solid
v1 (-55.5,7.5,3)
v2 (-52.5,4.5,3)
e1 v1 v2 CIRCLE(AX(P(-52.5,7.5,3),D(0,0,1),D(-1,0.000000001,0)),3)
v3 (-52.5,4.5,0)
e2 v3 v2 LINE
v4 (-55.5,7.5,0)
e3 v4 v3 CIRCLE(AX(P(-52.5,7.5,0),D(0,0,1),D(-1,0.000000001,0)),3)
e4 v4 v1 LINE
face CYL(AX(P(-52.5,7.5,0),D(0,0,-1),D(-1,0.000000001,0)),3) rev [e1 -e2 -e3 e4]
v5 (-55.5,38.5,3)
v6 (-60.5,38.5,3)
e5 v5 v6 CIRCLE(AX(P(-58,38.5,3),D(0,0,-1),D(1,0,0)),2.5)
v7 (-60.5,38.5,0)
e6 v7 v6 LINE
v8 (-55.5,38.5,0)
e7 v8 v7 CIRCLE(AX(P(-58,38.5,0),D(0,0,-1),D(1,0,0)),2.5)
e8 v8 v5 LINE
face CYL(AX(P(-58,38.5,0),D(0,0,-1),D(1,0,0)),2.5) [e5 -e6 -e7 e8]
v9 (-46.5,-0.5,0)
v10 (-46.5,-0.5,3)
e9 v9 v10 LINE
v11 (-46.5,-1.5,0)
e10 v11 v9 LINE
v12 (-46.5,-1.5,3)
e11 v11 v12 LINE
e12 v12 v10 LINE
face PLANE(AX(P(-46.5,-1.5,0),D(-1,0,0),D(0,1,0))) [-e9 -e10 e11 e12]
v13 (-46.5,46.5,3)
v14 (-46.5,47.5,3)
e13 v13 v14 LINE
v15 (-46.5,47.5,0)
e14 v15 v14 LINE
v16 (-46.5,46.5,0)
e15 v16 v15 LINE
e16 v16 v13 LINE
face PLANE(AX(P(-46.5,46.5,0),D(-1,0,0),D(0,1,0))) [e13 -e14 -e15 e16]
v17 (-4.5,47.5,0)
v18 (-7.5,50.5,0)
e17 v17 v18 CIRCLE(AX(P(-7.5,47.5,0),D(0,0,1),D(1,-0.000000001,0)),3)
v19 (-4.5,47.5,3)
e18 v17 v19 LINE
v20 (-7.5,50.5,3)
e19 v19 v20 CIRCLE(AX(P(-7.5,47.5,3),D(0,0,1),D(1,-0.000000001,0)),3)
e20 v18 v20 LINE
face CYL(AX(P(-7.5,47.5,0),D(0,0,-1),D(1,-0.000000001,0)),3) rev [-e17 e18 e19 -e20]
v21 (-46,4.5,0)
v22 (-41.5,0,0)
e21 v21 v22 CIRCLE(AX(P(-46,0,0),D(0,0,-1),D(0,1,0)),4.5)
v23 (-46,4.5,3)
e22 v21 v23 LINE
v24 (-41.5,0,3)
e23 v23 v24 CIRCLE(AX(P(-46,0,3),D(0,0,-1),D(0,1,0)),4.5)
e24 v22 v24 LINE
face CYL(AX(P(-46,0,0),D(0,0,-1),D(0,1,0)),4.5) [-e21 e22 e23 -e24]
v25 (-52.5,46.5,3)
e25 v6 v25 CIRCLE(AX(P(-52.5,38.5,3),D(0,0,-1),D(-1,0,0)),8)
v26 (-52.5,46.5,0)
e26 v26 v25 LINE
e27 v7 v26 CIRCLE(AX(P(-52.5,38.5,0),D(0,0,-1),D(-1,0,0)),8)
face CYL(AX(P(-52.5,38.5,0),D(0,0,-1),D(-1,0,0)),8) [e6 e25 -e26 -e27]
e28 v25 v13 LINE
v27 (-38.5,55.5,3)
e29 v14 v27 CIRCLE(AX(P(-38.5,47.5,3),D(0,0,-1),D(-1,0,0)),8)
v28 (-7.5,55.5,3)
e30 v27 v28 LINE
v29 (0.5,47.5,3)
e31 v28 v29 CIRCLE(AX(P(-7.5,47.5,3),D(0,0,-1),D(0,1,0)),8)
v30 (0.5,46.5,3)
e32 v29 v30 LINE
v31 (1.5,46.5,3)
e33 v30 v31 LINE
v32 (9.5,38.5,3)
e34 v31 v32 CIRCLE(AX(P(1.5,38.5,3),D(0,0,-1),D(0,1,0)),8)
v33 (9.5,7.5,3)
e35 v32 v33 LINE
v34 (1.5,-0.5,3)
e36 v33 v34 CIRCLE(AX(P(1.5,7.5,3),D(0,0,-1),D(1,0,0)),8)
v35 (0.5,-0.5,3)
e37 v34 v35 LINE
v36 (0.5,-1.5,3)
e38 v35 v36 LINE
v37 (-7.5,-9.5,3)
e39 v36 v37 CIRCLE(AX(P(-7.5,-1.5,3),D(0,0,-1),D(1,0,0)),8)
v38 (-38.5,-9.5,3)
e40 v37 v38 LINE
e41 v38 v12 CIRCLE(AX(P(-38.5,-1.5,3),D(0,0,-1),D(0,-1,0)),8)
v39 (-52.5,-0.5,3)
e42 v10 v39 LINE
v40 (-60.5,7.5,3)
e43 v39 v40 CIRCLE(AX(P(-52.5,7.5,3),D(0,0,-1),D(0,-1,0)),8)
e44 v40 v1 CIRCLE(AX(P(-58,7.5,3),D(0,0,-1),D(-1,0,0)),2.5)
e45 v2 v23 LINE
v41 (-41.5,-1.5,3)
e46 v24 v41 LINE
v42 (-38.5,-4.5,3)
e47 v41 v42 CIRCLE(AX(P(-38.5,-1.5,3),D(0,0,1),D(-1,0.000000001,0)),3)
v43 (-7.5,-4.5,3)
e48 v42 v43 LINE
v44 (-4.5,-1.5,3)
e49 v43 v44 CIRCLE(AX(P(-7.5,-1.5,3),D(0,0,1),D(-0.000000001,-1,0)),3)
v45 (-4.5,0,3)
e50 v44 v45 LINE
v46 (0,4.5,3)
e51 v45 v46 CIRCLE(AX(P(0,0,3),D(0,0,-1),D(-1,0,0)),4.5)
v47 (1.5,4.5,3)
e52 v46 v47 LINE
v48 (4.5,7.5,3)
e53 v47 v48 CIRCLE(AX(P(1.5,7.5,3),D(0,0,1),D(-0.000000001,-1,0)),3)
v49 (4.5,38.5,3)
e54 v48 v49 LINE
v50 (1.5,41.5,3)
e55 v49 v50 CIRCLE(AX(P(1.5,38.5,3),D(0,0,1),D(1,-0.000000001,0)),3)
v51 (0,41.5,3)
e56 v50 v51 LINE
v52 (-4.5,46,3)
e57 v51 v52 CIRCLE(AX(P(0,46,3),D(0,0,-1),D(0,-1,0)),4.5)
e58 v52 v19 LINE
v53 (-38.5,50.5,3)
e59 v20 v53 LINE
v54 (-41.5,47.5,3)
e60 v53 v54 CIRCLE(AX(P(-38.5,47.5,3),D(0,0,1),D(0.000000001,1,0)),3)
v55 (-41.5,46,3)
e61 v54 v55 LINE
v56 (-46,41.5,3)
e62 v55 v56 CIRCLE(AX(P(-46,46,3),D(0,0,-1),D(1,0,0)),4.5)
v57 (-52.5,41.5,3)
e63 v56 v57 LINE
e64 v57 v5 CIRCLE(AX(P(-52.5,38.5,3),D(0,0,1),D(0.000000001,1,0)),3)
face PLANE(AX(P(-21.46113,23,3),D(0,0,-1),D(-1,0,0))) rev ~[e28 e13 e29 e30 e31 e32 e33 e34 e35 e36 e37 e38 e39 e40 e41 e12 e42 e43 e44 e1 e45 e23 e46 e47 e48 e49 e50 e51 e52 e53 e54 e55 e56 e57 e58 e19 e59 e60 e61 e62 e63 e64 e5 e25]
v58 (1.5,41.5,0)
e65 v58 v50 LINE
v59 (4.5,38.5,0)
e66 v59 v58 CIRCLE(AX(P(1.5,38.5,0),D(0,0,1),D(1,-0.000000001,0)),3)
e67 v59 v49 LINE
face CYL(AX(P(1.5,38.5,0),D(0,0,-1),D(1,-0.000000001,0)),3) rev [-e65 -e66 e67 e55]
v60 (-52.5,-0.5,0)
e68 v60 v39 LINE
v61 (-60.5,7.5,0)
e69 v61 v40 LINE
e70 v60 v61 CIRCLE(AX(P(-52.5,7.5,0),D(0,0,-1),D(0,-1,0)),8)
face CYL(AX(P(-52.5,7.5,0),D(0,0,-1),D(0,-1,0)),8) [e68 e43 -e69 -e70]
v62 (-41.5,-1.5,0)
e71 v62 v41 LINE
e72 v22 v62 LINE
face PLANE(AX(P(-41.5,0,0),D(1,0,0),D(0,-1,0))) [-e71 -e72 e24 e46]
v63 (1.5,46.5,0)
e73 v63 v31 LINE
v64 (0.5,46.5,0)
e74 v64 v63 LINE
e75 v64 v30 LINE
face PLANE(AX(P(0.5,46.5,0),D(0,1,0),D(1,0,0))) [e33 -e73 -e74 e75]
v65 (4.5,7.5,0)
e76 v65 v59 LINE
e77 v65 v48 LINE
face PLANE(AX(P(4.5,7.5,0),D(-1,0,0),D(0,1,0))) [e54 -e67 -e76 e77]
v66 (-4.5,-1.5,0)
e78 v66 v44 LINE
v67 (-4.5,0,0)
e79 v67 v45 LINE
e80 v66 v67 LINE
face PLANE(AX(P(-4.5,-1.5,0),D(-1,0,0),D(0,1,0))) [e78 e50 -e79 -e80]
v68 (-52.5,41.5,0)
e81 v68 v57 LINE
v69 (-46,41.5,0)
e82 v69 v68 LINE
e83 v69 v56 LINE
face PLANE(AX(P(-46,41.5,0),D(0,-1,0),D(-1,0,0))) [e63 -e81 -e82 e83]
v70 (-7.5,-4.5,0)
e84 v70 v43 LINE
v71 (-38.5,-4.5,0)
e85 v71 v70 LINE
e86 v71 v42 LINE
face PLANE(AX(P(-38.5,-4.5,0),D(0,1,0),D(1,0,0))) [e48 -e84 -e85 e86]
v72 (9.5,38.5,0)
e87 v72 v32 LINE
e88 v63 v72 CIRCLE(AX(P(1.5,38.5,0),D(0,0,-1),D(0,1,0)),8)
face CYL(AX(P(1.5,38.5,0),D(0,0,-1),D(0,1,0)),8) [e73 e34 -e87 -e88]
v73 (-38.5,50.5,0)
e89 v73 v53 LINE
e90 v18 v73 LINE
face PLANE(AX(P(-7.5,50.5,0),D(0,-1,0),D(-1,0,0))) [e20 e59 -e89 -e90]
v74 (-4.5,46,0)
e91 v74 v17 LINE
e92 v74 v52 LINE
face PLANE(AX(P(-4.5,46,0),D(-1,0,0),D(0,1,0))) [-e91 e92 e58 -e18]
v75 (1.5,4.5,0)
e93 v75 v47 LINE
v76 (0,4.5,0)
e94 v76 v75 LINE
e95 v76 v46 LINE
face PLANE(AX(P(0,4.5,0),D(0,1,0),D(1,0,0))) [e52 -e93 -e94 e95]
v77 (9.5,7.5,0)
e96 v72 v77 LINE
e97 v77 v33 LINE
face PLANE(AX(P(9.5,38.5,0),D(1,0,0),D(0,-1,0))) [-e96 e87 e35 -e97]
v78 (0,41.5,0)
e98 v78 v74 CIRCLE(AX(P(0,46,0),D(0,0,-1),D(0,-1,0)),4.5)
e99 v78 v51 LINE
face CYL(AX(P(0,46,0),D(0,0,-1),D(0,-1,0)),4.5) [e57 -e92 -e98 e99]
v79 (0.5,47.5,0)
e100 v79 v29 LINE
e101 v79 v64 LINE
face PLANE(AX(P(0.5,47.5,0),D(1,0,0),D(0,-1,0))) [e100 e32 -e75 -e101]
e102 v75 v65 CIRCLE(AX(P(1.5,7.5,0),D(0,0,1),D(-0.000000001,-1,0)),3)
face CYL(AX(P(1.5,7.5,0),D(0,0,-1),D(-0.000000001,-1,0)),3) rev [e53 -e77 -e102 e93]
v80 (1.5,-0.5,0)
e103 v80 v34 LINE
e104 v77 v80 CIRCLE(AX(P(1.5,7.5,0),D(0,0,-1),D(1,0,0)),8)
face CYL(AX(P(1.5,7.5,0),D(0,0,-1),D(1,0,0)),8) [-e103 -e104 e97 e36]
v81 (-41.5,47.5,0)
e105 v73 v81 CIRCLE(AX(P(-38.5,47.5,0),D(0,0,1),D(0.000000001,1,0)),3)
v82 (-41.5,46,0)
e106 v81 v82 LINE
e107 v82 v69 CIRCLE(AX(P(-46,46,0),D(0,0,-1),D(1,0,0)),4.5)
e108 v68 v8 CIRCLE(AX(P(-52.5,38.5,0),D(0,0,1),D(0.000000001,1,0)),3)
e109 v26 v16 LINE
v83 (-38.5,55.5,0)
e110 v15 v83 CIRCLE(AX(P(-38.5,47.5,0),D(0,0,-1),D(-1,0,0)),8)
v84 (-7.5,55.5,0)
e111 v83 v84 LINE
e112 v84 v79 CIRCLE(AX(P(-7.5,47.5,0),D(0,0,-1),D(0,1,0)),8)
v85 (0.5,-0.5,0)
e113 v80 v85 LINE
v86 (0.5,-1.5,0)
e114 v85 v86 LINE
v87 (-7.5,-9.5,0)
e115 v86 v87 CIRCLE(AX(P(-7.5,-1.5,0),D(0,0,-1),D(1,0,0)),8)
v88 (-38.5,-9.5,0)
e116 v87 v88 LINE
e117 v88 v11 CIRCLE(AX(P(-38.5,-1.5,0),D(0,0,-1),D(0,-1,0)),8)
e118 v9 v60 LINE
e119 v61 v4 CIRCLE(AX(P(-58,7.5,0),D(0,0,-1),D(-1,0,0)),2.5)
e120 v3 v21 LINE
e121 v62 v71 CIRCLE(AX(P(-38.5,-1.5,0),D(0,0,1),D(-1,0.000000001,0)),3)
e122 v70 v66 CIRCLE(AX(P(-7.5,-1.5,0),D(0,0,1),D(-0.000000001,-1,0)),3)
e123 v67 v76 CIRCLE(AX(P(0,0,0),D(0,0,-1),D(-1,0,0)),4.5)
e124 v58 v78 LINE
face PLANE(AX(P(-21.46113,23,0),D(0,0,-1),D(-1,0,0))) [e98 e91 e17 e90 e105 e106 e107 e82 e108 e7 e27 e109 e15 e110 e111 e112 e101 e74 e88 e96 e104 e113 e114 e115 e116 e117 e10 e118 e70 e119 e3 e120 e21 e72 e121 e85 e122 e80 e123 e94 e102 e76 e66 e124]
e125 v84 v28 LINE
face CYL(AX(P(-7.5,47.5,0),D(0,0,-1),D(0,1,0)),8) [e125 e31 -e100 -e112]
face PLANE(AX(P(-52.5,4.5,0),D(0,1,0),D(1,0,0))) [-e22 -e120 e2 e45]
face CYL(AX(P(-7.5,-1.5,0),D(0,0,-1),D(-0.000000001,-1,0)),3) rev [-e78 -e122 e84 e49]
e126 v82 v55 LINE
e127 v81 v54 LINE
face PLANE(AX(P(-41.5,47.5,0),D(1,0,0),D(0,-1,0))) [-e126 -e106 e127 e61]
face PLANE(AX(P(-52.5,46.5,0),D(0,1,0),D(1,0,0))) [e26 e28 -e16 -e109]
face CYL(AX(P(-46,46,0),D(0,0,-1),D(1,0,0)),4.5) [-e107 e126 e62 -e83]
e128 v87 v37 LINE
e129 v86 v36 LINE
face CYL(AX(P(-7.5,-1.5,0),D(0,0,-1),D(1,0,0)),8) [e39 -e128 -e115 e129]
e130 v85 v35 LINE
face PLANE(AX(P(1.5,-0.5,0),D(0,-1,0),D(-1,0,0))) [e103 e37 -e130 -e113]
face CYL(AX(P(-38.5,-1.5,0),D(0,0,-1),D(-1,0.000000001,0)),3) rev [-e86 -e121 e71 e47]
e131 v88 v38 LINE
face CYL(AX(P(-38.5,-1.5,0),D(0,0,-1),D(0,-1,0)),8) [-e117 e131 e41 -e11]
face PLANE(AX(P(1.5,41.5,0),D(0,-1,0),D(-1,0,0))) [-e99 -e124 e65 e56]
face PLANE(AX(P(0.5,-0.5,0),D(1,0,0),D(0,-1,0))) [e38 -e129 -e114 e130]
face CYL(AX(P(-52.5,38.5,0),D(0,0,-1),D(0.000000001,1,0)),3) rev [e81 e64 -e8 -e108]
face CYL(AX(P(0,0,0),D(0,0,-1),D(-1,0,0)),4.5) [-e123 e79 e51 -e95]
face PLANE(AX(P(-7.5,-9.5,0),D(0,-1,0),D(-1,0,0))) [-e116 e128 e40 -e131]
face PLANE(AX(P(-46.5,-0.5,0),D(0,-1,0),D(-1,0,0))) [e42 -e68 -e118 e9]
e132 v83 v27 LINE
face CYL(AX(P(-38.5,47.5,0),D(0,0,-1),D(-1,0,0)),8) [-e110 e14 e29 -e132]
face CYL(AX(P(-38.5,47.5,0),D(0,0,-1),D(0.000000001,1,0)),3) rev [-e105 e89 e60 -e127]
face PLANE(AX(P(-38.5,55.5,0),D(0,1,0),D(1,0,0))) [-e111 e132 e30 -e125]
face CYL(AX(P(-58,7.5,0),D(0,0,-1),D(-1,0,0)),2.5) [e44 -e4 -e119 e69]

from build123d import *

# Parameters (mm, degrees)
RESSALTO_EXTRUS_O1_DEPTH = 3


with BuildPart() as part:
    # Esboço1 → Ressalto-extrusão1 (new body)
    with BuildSketch(Plane.XY):
        with BuildLine():
            Line((-38.5, -4.5), (-7.5, -4.5))
            ThreePointArc((-7.5, -4.5), (-5.378679656, -3.621320344), (-4.5, -1.5))
            Line((-4.5, -1.5), (-4.5, 0))
            ThreePointArc((-4.5, 0), (-3.181980515, 3.181980515), (0, 4.5))
            Line((0, 4.5), (1.5, 4.5))
            ThreePointArc((1.5, 4.5), (3.621320344, 5.378679656), (4.5, 7.5))
            Line((4.5, 7.5), (4.5, 38.5))
            ThreePointArc((4.5, 38.5), (3.621320344, 40.621320344), (1.5, 41.5))
            Line((1.5, 41.5), (0, 41.5))
            ThreePointArc((0, 41.5), (-3.181980515, 42.818019485), (-4.5, 46))
            Line((-4.5, 46), (-4.5, 47.5))
            ThreePointArc((-4.5, 47.5), (-5.378679656, 49.621320344), (-7.5, 50.5))
            Line((-7.5, 50.5), (-38.5, 50.5))
            ThreePointArc((-38.5, 50.5), (-40.621320344, 49.621320344), (-41.5, 47.5))
            Line((-41.5, 47.5), (-41.5, 46))
            ThreePointArc((-41.5, 46), (-42.818019485, 42.818019485), (-46, 41.5))
            Line((-46, 41.5), (-52.5, 41.5))
            ThreePointArc((-52.5, 41.5), (-54.621320344, 40.621320344), (-55.5, 38.5))
            ThreePointArc((-55.5, 38.5), (-58, 36), (-60.5, 38.5))
            ThreePointArc((-60.5, 38.5), (-58.156854249, 44.156854249), (-52.5, 46.5))
            Line((-52.5, 46.5), (-46.5, 46.5))
            Line((-46.5, 46.5), (-46.5, 47.5))
            ThreePointArc((-46.5, 47.5), (-44.156854249, 53.156854249), (-38.5, 55.5))
            Line((-38.5, 55.5), (-7.5, 55.5))
            ThreePointArc((-7.5, 55.5), (-1.843145751, 53.156854249), (0.5, 47.5))
            Line((0.5, 47.5), (0.5, 46.5))
            Line((0.5, 46.5), (1.5, 46.5))
            ThreePointArc((1.5, 46.5), (7.156854249, 44.156854249), (9.5, 38.5))
            Line((9.5, 38.5), (9.5, 7.5))
            ThreePointArc((9.5, 7.5), (7.156854249, 1.843145751), (1.5, -0.5))
            Line((1.5, -0.5), (0.5, -0.5))
            Line((0.5, -0.5), (0.5, -1.5))
            ThreePointArc((0.5, -1.5), (-1.843145751, -7.156854249), (-7.5, -9.5))
            Line((-7.5, -9.5), (-38.5, -9.5))
            ThreePointArc((-38.5, -9.5), (-44.156854249, -7.156854249), (-46.5, -1.5))
            Line((-46.5, -1.5), (-46.5, -0.5))
            Line((-46.5, -0.5), (-52.5, -0.5))
            ThreePointArc((-52.5, -0.5), (-58.156854249, 1.843145751), (-60.5, 7.5))
            ThreePointArc((-60.5, 7.5), (-58, 10), (-55.5, 7.5))
            ThreePointArc((-55.5, 7.5), (-54.621320344, 5.378679656), (-52.5, 4.5))
            Line((-52.5, 4.5), (-46, 4.5))
            ThreePointArc((-46, 4.5), (-42.818019485, 3.181980515), (-41.5, 0))
            Line((-41.5, 0), (-41.5, -1.5))
            ThreePointArc((-41.5, -1.5), (-40.621320344, -3.621320344), (-38.5, -4.5))
        make_face()
    extrude(amount=RESSALTO_EXTRUS_O1_DEPTH)


solid = part.part
